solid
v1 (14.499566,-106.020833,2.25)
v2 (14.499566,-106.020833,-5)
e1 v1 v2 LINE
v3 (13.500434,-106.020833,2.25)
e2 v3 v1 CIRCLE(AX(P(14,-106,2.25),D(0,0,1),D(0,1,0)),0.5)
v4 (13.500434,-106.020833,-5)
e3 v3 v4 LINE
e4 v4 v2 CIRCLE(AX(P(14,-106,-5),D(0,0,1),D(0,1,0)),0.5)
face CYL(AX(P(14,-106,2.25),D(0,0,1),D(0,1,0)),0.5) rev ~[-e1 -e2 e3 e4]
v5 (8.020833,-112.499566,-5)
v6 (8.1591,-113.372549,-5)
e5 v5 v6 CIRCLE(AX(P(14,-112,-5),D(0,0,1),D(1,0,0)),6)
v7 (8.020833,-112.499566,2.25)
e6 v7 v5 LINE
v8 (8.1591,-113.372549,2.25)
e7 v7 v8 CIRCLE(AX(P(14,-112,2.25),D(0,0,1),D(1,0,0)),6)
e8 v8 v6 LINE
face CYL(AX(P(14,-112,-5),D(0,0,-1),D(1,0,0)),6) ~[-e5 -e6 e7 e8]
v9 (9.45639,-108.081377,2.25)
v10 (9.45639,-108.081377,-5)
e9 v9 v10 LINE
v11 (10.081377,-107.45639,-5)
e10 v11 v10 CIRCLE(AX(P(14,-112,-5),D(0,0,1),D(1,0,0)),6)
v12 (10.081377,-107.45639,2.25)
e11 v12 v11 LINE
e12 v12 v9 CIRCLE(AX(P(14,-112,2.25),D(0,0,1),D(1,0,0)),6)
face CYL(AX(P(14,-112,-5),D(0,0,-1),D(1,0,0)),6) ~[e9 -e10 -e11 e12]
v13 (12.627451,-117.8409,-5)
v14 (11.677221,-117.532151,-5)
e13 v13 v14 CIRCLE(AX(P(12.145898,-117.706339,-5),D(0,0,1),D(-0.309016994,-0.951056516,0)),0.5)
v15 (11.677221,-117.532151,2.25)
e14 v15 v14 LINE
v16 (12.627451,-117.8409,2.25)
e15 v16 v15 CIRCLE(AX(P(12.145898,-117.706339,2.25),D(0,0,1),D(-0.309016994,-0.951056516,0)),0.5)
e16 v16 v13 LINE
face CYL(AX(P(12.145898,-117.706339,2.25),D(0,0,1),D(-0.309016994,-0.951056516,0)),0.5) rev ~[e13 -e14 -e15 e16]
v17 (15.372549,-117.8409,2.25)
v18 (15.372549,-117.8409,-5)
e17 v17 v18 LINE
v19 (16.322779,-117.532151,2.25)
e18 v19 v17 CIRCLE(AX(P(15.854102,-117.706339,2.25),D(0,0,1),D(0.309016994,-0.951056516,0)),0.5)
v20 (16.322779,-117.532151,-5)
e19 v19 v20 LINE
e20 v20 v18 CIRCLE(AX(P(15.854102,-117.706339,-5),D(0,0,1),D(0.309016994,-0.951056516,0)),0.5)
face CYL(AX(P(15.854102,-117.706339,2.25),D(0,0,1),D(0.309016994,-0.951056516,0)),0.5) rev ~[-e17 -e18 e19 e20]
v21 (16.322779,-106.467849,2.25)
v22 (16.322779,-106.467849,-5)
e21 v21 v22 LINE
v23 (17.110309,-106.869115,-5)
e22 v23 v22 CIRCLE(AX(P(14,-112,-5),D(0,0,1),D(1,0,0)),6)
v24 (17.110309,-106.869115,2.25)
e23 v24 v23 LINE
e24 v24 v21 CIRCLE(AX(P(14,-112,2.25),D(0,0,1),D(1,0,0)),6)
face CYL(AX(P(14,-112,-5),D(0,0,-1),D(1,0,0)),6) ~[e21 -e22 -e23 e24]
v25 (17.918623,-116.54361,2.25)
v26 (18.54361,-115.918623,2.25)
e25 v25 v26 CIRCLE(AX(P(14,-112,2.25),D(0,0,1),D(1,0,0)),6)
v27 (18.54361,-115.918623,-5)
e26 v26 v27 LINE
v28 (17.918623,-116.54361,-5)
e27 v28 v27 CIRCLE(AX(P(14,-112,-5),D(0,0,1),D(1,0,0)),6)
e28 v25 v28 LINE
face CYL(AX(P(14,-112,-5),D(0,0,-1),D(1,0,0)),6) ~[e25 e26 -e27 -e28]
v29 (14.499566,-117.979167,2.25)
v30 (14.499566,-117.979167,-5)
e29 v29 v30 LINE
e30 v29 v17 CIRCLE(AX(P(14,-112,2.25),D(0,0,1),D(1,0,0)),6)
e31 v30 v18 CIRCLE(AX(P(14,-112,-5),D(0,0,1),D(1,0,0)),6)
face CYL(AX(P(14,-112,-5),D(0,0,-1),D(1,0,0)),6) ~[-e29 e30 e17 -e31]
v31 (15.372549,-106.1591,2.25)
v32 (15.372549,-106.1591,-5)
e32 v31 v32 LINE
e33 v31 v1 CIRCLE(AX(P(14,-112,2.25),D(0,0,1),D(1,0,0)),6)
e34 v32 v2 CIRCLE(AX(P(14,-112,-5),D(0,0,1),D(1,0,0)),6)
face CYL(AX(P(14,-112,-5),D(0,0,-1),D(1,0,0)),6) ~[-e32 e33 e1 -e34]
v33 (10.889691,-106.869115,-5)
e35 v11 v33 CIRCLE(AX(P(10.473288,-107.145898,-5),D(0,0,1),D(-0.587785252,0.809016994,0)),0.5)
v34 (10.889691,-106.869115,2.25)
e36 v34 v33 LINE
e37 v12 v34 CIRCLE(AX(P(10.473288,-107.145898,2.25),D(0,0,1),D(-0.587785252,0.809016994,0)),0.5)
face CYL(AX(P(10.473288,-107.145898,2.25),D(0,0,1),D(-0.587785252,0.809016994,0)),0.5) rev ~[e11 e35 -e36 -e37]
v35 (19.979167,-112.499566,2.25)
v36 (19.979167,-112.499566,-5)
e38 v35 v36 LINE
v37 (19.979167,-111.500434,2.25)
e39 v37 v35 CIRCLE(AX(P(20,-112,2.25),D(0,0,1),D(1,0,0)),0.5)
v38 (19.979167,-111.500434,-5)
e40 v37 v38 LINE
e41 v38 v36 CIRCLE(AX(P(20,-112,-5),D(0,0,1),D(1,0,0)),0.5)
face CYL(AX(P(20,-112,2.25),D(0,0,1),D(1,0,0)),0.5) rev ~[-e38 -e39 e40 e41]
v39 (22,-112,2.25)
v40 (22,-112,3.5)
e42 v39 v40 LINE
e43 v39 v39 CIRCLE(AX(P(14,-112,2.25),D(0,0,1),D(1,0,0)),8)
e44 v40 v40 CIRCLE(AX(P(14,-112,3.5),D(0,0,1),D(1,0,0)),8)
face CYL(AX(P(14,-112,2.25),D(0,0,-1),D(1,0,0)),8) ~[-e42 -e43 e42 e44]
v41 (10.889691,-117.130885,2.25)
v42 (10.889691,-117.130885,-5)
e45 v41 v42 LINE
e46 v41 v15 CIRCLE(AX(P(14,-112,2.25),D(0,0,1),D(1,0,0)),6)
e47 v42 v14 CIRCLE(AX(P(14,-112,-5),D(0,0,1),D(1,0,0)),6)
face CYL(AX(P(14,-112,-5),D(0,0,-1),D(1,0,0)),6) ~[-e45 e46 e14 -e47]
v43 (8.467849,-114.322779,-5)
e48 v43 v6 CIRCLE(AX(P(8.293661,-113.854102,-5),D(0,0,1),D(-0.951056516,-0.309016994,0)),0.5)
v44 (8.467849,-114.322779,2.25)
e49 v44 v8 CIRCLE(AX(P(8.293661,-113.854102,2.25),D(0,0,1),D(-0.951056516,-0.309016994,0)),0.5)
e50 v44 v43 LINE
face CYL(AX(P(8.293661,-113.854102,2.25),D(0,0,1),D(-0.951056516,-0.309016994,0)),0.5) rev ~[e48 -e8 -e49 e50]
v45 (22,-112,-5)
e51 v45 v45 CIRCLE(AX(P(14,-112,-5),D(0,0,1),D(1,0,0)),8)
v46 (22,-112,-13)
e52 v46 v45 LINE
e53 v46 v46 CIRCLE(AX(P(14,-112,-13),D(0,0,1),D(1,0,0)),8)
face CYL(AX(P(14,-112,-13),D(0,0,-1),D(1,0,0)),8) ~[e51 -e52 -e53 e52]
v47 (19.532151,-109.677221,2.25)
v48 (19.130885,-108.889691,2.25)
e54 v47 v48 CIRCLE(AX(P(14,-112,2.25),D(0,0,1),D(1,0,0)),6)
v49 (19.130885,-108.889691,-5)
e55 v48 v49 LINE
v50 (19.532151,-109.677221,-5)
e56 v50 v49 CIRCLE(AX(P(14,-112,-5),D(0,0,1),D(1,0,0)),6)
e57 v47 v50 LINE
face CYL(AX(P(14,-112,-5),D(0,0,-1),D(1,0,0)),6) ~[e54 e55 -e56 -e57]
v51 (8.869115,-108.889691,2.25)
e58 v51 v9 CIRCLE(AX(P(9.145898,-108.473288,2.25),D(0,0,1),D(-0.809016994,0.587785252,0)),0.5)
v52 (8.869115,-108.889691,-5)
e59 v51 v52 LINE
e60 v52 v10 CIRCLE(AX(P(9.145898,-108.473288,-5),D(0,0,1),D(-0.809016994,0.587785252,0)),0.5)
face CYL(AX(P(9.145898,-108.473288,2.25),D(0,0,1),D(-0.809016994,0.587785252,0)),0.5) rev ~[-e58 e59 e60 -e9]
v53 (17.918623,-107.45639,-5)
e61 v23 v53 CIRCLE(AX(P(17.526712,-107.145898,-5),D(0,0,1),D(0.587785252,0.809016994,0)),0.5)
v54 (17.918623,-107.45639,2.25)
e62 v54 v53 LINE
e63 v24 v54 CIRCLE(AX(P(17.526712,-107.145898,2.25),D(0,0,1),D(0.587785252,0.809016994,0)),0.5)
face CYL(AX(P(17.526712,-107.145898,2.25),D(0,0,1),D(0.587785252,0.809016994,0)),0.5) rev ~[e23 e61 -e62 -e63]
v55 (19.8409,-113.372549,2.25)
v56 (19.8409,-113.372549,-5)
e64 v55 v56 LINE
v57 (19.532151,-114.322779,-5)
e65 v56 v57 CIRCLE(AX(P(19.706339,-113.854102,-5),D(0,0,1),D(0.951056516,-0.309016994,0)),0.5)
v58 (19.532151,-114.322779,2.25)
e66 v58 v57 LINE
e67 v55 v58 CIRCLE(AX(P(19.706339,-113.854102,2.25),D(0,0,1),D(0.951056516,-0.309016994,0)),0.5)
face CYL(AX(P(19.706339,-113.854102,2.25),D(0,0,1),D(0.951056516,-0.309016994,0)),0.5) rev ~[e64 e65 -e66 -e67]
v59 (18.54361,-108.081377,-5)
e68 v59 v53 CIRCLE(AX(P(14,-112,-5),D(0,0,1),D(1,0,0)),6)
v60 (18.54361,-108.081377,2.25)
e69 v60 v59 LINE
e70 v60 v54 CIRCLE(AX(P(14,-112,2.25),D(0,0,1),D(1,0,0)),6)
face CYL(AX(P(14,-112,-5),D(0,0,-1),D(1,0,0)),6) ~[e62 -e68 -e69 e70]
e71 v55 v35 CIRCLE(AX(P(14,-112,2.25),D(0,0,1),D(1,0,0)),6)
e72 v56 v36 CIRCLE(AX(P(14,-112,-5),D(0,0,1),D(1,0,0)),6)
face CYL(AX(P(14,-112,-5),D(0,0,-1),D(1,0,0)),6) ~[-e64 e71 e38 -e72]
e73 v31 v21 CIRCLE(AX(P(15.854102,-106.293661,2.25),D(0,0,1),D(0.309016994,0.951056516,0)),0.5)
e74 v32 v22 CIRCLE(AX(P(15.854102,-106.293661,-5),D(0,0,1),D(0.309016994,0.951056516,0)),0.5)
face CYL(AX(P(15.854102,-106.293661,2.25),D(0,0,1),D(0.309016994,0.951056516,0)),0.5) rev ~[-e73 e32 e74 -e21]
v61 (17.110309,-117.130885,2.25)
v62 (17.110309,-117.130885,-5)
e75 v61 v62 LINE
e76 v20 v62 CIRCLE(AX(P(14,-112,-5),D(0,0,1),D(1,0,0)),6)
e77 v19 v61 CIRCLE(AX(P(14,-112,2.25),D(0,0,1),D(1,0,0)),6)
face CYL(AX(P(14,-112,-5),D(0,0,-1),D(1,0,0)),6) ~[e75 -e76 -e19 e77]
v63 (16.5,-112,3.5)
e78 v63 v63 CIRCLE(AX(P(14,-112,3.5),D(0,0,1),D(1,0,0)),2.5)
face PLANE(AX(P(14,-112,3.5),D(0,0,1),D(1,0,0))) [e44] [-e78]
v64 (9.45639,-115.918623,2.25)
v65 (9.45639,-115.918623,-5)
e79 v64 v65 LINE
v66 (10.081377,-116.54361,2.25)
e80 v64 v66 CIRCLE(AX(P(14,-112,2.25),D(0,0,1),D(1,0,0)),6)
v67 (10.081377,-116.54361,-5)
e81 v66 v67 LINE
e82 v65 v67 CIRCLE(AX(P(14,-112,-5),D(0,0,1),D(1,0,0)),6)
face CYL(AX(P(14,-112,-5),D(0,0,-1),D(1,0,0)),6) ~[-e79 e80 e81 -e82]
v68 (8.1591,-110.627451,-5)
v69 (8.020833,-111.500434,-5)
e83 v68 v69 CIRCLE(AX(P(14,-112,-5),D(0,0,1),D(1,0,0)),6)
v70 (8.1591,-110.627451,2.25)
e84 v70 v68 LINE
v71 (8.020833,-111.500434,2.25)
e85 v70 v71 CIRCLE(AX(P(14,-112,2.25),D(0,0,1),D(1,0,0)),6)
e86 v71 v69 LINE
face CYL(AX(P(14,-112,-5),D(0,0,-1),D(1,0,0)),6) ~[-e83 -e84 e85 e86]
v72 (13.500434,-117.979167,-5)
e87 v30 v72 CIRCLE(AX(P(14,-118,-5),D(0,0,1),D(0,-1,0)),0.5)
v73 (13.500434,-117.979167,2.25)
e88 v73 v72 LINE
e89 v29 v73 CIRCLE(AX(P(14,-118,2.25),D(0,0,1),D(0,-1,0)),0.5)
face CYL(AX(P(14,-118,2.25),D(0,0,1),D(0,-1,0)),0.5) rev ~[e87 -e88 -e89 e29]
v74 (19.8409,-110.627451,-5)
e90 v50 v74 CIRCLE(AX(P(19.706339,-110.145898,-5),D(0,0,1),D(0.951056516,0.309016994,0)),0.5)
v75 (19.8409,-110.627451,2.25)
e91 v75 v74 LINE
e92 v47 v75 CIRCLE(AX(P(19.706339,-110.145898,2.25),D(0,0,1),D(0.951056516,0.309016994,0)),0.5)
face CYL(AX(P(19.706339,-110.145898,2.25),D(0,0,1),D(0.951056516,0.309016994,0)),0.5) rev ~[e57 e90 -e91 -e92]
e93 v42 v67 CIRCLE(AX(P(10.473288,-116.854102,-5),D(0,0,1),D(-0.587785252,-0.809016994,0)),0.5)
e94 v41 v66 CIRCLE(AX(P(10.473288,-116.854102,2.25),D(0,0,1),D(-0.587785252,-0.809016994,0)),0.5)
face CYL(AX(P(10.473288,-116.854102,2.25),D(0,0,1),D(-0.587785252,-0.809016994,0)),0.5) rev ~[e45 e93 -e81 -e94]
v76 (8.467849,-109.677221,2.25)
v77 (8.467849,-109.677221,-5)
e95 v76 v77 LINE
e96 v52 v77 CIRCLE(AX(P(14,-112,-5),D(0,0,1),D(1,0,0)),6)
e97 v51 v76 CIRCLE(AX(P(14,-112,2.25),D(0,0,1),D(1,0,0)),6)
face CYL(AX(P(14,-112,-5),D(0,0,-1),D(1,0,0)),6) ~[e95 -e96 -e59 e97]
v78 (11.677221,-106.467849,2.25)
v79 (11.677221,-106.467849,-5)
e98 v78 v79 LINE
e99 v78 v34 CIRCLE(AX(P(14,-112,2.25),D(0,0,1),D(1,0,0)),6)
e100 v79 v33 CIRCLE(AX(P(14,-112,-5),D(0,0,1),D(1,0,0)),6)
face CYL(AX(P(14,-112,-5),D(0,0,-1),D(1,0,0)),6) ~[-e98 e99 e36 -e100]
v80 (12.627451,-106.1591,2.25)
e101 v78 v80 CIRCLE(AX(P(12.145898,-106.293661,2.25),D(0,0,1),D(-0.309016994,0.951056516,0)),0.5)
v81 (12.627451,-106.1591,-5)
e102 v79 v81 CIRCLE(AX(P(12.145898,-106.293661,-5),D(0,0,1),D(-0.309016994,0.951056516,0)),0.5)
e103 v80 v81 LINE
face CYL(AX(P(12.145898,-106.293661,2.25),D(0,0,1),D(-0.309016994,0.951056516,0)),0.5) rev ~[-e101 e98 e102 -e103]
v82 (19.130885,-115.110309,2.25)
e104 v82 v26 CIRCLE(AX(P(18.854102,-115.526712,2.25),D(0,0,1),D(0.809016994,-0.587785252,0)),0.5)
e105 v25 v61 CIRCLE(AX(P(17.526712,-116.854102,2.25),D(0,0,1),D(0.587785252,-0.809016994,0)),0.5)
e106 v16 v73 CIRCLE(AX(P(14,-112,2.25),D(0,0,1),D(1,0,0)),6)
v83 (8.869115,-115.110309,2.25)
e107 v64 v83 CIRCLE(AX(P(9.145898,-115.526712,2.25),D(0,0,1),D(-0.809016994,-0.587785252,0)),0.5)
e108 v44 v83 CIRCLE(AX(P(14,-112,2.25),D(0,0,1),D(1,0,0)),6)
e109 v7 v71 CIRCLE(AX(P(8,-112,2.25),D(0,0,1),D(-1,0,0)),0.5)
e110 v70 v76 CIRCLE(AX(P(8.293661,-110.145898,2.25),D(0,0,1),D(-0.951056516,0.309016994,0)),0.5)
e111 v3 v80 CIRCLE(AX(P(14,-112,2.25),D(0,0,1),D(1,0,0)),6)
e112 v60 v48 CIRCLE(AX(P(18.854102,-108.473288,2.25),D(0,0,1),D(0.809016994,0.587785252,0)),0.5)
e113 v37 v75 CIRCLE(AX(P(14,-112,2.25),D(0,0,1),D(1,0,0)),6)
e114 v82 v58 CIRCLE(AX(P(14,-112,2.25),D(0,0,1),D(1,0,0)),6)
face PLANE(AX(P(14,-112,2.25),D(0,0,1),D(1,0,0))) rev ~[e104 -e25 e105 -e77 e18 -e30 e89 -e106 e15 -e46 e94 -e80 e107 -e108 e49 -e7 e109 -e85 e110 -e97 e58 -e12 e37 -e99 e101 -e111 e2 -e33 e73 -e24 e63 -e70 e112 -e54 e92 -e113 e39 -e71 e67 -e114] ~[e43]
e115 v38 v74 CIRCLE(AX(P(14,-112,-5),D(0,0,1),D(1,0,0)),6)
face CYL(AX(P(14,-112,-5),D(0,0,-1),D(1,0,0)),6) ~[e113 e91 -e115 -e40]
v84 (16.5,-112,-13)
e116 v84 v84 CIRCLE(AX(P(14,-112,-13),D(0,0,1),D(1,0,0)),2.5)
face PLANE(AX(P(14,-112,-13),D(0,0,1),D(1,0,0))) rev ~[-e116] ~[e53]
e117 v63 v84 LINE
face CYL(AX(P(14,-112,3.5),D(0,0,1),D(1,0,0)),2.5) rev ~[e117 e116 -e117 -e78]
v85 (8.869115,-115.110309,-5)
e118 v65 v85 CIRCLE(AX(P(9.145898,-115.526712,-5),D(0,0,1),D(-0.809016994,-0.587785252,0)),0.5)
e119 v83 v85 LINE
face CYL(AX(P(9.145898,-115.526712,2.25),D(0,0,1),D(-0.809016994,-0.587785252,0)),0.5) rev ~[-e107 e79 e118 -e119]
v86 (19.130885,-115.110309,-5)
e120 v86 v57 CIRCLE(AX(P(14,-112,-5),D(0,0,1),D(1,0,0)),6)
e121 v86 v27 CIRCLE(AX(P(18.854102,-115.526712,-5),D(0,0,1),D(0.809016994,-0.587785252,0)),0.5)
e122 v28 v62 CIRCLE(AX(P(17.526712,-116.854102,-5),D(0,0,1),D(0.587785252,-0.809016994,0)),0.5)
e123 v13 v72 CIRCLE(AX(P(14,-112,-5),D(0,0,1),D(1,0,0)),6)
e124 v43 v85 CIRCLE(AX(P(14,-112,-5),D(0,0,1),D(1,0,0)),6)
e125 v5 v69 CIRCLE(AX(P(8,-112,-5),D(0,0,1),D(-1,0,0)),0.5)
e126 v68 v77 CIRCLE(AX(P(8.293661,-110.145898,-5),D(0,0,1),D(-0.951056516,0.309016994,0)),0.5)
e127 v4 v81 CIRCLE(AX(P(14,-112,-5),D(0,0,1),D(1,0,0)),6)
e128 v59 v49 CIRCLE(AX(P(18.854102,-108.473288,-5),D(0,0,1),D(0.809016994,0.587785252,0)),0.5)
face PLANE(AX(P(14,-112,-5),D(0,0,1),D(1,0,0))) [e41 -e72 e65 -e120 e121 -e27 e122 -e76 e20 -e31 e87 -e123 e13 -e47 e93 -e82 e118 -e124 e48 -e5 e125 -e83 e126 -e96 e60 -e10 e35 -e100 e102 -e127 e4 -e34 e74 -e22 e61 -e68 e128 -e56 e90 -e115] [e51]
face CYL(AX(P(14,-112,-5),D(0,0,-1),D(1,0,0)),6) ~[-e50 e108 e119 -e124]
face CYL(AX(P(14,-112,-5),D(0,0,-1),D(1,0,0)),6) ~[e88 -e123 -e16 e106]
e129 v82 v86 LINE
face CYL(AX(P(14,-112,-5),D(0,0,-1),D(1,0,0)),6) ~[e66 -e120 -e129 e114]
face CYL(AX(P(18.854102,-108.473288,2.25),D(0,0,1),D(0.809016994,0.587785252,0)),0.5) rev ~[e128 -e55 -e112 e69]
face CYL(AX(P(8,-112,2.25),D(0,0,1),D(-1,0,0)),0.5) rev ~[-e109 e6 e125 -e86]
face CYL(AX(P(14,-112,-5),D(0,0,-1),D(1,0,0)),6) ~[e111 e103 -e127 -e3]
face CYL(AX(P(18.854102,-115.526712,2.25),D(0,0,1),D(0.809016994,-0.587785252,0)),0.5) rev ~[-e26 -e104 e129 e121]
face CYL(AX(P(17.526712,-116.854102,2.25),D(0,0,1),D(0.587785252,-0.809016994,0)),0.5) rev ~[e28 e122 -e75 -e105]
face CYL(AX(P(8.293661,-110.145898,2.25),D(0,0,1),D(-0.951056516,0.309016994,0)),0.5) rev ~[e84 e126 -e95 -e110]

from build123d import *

# Parameters (mm, degrees)
SKETCH025_R              = 8
PAD014_DEPTH             = 8
SKETCH026_R              = 6
PAD015_DEPTH             = 7.25
SKETCH027_R              = 0.5
POCKET008_DEPTH          = 7.25
POLARPATTERN_COUNT       = 20
SKETCH028_R              = 8
PAD016_DEPTH             = 1.25
SKETCH029_R              = 2.5
POCKET009_DEPTH          = 16.5
CLONE005_PLACEMENT_ANGLE = 180


with BuildPart() as part:
    # Sketch025 → Pad014 (new body)
    with BuildSketch(Plane(origin=(20, -80, 0), x_dir=(1, 0, 0), z_dir=(0, 0, -1))):
        Circle(SKETCH025_R)
    extrude(amount=PAD014_DEPTH)

    # Sketch026 → Pad015 (new body)
    with BuildSketch(Plane(origin=(20, -80, -8), x_dir=(1, 0, 0), z_dir=(0, 0, -1))):
        Circle(SKETCH026_R)
    extrude(amount=PAD015_DEPTH)

    # Sketch027 → Pocket008 (cut)
    with BuildSketch(Plane(origin=(20, -80, -15.25), x_dir=(1, 0, 0), z_dir=(0, 0, -1))):
        with Locations((6, 0)):
            Circle(SKETCH027_R)
    pocket008 = extrude(amount=-POCKET008_DEPTH, mode=Mode.SUBTRACT)

    # PolarPattern: Pocket008 ×20 about axis
    polarpattern_axis = Axis((20, -80, -15.25), (0, 0, -1))
    for i in range(1, POLARPATTERN_COUNT):
        add(pocket008.rotate(polarpattern_axis, i * 360 / POLARPATTERN_COUNT), mode=Mode.SUBTRACT)

    # Sketch028 → Pad016 (new body)
    with BuildSketch(Plane(origin=(20, -80, -15.25), x_dir=(1, 0, 0), z_dir=(0, 0, -1))):
        Circle(SKETCH028_R)
    extrude(amount=PAD016_DEPTH)

    # Sketch029 → Pocket009 (cut)
    with BuildSketch(Plane(origin=(20, -80, -16.5), x_dir=(1, 0, 0), z_dir=(0, 0, -1))):
        Circle(SKETCH029_R)
    extrude(amount=-POCKET009_DEPTH, mode=Mode.SUBTRACT)


with BuildPart() as part_1:
    # Clone005 placement: moved
    add(part.part.moved(Location((-6, -192, -13))).rotate(Axis((-6, -192, -13), (-1, 0, 0)), CLONE005_PLACEMENT_ANGLE))


solid = part_1.part
